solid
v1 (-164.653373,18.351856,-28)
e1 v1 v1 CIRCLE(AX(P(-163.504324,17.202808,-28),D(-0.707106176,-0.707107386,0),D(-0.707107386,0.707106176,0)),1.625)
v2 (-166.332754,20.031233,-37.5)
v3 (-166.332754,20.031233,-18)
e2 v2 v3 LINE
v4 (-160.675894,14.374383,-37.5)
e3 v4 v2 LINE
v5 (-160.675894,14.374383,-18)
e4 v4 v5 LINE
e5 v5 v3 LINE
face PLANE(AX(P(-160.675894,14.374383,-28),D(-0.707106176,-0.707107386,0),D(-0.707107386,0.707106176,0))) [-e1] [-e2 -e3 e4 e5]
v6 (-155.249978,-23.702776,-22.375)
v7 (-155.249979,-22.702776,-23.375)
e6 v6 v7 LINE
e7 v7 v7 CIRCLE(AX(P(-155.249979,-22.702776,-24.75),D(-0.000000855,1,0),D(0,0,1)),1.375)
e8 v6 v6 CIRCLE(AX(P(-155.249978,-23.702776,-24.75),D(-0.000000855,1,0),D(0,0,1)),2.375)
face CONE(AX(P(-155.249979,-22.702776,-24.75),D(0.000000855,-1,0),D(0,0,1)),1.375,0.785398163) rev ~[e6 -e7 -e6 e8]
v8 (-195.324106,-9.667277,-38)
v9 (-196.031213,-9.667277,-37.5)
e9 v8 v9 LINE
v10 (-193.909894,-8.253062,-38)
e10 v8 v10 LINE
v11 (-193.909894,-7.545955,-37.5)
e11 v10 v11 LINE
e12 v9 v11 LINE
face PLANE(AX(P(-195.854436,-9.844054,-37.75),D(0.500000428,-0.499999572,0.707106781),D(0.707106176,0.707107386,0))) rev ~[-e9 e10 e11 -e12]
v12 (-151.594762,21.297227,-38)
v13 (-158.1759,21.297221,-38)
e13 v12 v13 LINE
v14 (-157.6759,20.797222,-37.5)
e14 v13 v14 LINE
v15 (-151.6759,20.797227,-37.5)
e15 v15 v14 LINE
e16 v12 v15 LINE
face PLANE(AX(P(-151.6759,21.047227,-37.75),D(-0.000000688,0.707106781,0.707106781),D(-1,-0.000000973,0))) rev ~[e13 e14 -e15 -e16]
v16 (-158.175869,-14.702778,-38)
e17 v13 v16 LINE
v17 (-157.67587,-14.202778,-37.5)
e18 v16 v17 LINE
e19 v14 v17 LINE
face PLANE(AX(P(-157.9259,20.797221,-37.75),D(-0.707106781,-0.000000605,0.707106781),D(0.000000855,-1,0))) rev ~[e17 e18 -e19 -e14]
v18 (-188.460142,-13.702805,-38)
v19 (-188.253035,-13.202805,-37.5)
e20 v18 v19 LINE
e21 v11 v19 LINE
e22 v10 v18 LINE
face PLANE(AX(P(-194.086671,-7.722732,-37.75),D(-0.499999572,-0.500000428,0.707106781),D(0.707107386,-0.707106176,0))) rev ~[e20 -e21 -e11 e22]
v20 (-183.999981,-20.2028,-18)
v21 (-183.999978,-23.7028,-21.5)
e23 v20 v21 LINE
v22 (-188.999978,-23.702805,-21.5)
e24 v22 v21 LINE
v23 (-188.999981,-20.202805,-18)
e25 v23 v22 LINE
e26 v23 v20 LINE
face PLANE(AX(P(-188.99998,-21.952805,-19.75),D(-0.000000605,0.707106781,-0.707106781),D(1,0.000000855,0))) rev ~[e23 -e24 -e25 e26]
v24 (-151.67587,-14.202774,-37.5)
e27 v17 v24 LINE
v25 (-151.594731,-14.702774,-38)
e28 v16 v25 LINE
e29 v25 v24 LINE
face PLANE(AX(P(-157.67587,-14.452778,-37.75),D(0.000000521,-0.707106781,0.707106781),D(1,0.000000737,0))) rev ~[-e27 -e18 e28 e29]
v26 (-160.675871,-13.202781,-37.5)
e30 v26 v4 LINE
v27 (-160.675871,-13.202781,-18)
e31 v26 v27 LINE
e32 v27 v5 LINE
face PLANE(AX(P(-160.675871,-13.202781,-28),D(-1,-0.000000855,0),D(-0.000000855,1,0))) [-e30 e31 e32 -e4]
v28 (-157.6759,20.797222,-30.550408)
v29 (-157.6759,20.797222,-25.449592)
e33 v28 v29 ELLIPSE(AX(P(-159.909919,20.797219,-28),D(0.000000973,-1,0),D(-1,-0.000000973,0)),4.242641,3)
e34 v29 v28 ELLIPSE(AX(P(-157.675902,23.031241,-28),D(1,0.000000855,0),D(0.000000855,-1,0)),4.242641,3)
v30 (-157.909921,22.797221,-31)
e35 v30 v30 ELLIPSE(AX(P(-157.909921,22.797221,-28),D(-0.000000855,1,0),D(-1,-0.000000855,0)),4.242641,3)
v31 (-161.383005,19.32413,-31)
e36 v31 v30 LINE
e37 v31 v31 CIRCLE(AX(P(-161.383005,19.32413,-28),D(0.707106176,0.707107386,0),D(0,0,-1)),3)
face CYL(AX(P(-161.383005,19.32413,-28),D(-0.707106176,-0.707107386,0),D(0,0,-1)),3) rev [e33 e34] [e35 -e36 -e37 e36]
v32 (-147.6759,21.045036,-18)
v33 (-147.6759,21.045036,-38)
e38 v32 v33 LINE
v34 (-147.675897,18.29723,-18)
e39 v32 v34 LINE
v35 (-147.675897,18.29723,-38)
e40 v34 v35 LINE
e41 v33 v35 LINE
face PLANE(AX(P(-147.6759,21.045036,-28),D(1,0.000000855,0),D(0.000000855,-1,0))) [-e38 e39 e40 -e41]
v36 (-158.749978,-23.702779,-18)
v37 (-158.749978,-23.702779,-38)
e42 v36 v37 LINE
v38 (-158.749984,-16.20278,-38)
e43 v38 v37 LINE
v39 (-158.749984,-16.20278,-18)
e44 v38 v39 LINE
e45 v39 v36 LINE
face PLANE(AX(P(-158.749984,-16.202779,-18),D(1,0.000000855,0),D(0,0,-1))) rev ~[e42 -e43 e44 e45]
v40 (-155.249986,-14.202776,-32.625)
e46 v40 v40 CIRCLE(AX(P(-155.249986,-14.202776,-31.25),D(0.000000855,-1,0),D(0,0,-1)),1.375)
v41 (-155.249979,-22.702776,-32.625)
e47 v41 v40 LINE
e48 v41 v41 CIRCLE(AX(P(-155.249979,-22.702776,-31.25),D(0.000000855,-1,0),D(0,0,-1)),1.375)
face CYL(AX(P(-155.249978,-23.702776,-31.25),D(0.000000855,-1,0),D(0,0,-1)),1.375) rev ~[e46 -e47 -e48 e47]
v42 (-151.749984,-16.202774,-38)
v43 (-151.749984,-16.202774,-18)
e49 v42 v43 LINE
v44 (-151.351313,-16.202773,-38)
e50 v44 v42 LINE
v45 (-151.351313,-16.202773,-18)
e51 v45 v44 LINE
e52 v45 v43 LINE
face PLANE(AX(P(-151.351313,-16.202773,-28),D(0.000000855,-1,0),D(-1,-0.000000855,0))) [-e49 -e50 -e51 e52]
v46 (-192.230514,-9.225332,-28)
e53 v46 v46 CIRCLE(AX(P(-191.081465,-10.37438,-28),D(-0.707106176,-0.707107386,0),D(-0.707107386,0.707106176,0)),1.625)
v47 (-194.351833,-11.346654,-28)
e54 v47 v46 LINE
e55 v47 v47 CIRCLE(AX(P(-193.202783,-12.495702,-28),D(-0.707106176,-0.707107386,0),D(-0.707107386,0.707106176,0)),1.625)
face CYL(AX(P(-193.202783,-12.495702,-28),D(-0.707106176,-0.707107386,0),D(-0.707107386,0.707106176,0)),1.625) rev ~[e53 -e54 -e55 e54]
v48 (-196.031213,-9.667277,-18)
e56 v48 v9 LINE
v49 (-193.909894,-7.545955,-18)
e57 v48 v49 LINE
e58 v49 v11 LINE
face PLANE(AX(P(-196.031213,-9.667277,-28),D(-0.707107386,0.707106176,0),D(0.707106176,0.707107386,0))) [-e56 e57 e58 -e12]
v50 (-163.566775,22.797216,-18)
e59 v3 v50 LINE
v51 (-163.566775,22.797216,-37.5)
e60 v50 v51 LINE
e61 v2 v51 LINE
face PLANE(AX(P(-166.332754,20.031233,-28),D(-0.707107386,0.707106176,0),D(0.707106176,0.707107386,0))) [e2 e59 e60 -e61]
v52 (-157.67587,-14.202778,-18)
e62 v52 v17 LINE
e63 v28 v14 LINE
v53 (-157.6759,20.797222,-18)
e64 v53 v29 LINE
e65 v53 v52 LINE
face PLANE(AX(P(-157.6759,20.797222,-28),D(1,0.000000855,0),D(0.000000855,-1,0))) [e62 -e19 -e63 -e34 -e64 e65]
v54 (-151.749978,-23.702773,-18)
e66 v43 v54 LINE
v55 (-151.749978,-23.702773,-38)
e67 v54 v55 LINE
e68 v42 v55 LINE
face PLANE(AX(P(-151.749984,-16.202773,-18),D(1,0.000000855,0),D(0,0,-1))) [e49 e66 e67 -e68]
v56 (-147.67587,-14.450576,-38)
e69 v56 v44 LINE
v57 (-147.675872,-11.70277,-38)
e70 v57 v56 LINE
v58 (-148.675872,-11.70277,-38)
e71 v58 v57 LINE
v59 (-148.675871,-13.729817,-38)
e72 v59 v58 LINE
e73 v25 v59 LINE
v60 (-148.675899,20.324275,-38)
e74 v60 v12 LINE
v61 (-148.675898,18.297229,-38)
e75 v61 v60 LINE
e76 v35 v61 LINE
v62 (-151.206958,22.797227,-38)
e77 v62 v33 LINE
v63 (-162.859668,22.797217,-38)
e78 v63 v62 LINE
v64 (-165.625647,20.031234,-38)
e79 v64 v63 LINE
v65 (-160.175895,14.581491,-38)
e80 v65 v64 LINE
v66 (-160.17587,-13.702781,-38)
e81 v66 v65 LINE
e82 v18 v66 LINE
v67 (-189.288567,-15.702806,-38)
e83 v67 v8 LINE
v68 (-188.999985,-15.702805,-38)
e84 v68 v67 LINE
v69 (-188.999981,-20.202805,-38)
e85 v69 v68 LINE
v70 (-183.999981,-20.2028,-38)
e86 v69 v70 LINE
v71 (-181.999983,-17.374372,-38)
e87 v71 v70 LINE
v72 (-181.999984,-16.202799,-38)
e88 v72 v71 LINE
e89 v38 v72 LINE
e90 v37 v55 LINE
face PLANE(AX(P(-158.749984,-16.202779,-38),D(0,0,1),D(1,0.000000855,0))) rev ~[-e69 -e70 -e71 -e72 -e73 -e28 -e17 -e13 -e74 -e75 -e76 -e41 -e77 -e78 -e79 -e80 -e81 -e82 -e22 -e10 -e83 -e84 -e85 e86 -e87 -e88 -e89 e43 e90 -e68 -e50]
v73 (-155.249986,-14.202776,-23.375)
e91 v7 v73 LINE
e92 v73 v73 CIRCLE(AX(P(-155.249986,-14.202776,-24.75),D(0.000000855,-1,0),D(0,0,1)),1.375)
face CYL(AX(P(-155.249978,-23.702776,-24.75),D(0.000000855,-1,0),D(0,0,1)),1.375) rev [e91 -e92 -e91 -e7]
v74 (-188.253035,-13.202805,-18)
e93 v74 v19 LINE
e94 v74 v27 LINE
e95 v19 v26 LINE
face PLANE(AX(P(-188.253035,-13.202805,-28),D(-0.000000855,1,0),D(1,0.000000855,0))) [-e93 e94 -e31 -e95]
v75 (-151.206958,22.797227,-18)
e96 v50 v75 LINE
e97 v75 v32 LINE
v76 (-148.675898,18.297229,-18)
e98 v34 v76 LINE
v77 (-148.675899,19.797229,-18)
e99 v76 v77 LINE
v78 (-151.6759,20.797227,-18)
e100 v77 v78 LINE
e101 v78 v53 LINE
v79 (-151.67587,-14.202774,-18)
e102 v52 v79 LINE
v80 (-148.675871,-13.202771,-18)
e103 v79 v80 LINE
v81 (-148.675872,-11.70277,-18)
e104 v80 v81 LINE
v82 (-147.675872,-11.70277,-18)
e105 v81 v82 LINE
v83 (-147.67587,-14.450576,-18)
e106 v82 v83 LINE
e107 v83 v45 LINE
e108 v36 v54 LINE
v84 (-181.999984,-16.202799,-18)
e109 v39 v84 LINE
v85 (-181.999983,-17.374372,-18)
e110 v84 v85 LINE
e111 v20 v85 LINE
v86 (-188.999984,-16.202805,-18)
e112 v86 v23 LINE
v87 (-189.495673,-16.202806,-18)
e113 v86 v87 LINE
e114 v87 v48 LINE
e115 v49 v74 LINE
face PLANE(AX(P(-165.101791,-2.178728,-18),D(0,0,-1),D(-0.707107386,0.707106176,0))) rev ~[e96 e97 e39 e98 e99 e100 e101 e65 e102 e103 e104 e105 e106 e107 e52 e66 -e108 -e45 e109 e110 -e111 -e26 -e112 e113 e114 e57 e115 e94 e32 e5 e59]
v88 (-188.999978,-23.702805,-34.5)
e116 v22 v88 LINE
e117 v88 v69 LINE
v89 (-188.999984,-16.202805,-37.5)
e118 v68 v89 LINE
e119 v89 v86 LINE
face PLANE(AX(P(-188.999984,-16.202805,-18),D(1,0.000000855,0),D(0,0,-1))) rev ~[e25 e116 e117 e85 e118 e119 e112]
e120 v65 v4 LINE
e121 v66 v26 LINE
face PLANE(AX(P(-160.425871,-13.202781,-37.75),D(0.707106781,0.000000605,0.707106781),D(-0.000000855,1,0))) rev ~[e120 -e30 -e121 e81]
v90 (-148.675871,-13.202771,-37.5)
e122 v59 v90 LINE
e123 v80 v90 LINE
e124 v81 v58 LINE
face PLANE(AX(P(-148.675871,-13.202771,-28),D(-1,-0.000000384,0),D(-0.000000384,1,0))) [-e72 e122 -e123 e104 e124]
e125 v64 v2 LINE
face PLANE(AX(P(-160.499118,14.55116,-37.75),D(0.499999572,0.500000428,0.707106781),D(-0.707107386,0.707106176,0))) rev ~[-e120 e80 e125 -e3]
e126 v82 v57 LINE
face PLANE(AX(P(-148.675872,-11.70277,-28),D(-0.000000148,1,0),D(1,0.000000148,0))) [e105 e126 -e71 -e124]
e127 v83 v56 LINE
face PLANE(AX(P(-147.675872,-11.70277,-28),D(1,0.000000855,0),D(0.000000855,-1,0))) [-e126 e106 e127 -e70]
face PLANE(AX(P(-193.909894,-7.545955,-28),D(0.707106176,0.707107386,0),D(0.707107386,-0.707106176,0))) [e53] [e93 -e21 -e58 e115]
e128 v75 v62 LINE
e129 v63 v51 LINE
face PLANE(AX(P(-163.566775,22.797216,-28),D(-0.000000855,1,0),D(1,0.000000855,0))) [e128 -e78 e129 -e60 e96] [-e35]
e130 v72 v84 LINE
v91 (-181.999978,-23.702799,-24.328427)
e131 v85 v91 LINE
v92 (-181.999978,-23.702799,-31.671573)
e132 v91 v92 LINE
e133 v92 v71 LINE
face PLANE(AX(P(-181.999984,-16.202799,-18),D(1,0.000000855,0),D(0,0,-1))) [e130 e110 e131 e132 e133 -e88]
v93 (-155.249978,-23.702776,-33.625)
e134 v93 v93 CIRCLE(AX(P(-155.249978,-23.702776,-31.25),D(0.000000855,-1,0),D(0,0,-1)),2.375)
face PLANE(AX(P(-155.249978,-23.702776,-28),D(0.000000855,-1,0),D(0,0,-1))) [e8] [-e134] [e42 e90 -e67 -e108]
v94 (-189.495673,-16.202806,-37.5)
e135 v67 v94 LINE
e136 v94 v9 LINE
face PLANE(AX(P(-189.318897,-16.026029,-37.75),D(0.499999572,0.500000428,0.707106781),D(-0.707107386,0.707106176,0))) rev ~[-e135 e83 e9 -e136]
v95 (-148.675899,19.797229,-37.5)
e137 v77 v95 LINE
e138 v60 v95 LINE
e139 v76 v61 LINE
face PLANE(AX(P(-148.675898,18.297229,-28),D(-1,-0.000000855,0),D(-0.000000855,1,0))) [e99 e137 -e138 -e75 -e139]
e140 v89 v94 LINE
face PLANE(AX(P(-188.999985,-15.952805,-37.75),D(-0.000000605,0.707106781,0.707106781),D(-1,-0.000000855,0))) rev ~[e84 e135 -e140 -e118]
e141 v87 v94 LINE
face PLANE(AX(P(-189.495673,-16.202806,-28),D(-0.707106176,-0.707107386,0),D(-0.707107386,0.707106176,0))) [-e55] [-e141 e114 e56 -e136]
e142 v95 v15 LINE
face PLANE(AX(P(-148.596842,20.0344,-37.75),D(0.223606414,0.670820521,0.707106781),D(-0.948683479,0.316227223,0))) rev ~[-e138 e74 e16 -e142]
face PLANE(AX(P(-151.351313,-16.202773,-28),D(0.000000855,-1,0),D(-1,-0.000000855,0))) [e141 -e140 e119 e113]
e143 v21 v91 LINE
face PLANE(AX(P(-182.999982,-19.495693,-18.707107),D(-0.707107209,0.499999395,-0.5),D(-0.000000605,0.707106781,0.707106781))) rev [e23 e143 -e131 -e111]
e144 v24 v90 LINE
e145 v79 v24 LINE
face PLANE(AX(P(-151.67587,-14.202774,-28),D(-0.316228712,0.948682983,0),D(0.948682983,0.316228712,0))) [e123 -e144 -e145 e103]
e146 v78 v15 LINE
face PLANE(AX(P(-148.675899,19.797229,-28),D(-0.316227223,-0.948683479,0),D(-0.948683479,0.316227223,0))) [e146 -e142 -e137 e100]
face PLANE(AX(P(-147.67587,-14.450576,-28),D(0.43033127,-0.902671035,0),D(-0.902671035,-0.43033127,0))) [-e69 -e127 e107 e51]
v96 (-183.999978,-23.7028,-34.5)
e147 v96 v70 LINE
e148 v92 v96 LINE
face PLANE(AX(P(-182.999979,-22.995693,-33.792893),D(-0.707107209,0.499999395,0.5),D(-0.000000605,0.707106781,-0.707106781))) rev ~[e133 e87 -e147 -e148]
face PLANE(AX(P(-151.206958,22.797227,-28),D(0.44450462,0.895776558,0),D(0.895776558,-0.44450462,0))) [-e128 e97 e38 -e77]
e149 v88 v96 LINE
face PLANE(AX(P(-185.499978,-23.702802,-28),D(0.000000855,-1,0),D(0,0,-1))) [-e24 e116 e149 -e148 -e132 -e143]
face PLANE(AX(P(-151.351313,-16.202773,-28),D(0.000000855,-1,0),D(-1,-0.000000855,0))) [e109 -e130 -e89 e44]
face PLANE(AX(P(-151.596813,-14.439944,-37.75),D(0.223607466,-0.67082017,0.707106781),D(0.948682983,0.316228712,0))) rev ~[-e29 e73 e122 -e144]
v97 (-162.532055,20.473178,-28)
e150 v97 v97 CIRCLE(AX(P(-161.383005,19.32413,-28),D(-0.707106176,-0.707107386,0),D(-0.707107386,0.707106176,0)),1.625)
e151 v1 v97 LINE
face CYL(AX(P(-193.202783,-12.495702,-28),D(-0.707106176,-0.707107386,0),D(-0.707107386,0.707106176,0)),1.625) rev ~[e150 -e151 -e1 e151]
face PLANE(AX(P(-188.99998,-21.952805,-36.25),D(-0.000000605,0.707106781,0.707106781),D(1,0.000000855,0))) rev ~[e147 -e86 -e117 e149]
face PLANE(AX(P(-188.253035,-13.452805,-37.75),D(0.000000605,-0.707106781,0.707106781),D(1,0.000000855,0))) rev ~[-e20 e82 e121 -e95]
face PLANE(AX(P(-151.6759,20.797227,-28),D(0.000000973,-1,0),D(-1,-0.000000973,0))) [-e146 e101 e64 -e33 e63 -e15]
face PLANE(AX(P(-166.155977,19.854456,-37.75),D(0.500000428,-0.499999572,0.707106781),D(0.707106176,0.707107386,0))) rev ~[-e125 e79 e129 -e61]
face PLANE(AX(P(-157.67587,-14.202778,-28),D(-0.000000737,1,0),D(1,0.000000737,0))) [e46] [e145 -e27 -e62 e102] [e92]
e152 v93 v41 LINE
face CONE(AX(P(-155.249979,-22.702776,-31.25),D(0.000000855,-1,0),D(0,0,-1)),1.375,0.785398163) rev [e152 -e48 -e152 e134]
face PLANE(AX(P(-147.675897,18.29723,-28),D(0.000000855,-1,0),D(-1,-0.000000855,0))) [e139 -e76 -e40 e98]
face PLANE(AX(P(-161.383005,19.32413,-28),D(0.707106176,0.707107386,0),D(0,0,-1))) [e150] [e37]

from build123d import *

# Parameters (mm, degrees)
CYLINDER003_R            = 3
CYLINDER003_DEPTH        = 10
PAD008_DEPTH             = 10
SKETCH032_R              = 1.625
POCKET023_DEPTH          = 55.910244
SKETCH033_W              = 20
SKETCH033_H              = 7
PAD009_DEPTH             = 7.5
SKETCH034_R              = 1.375
POCKET024_DEPTH          = 12
CHAMFER020_1_SIZE        = 3.5
CHAMFER020_2_SIZE        = 1
CHAMFER021_SIZE          = 0.5
CHAMFER022_SIZE          = 2
CLONE006_PITCH_ANGLE     = 90
CLONE006_PLACEMENT_ANGLE = 45.000049


with BuildPart() as boardbracketscrewheadcylinder:
    # Cylinder003 → Cylinder003 (new body)
    with BuildSketch(Plane(origin=(0, 0.5, 24), x_dir=(1, 0, 0), z_dir=(0, 0, 1))):
        Circle(CYLINDER003_R)
    extrude(amount=CYLINDER003_DEPTH)


with BuildPart() as clone006:
    # Sketch031 → Pad008 (new body, symmetric)
    with BuildSketch(Plane.YZ):
        Polygon((4.5, 21), (4.5, 24.911688), (-4.23971, 33.651398), (-7.975533, 34.909244), (-9.918525, 32.966252), (-9.211418, 32.259145), (-8.150758, 33.319805), (-5.32233, 31.905592), (-1.07969, 27.662951), (-25.828427, 2.914214), (-30.071068, 7.156854), (-31.485281, 9.985281), (-30.424621, 11.045942), (-31.131728, 11.753048), (-33.07472, 9.810056), (-31.714777, 5.972136), (-4.742641, -21), (4.5, -21), (4.5, -18), (-3.5, -18), (-23, 1.5), (-3.5, 21), align=None)
    extrude(amount=PAD008_DEPTH, both=True)

    # Sketch032 → Pocket023 (cut, through all)
    with BuildSketch(Plane.YX.offset(21)):
        with Locations((0.5, 0)):
            Circle(SKETCH032_R)
    extrude(amount=-POCKET023_DEPTH, mode=Mode.SUBTRACT)

    # Cut001: cut BoardBracketScrewHeadCylinder
    add(boardbracketscrewheadcylinder.part, mode=Mode.SUBTRACT)

    # Sketch033 → Pad009 (new body)
    with BuildSketch(Plane(origin=(0, -12.87132, -12.87132), x_dir=(1, 0, 0), z_dir=(0, -0.707107, -0.707107))):
        with Locations((0, 22.75)):
            Rectangle(SKETCH033_W, SKETCH033_H)
        with Locations((0, -7.5)):
            Rectangle(SKETCH033_W, SKETCH033_H)
    extrude(amount=PAD009_DEPTH)

    # Sketch034 → Pocket024 (cut)
    with BuildSketch(Plane(origin=(0, -18.174621, -18.174621), x_dir=(1, 0, 0), z_dir=(0, -0.707107, -0.707107))):
        with Locations((3.25, 22.75)):
            Circle(SKETCH034_R)
    pocket024 = extrude(amount=-POCKET024_DEPTH, mode=Mode.SUBTRACT)

    # Mirrored002: Pocket024 across Sketch034 V_Axis
    add(pocket024.mirror(Plane(origin=(0, -18.174621, -18.174621), x_dir=(0, -0.707107, -0.707107), z_dir=(1, 0, 0))), mode=Mode.SUBTRACT)

    # Chamfer020 1
    chamfer020_1_edges = [clone006.edges().sort_by_distance(p)[0] for p in [
        (-10, -12.87132, -23.477922),
        (10, -12.87132, -23.477922),
    ]]
    chamfer(chamfer020_1_edges, length=CHAMFER020_1_SIZE)

    # Chamfer020 2
    chamfer020_2_edges = [clone006.edges().sort_by_distance(p)[0] for p in [
        (-1.875, -34.2613, -2.087942),
        (1.875, -34.2613, -2.087942),
    ]]
    chamfer(chamfer020_2_edges, length=CHAMFER020_2_SIZE)

    # Chamfer021
    chamfer021_edges = [clone006.edges().sort_by_distance(p)[0] for p in [
        (10, -4.917893, -20.824747),
        (10, -0.12132, -21),
        (10, 4.5, -19.5),
        (10, 0.5, -18),
        (10, -13.25, -8.25),
        (10, -13.25, 11.25),
        (10, 0.5, 21),
        (10, 4.5, 22.955844),
        (10, -30.778175, 8.571068),
        (10, -27.949747, 5.035534),
        (10, -13.454058, 15.288582),
        (10, -3.20101, 29.784271),
        (10, -6.736544, 32.612698),
    ]]
    chamfer(chamfer021_edges, length=CHAMFER021_SIZE)

    # Chamfer022
    chamfer022_edges = [clone006.edges().sort_by_distance(p)[0] for p in [
        (8.25, -14.108757, -19.765611),
        (-8.25, -14.108757, -19.765611),
    ]]
    chamfer(chamfer022_edges, length=CHAMFER022_SIZE)


with BuildPart() as clone006_1:
    # Clone006 pitch: moved
    add(clone006.part.rotate(Axis((0, 0, 0), (0, 1, 0)), CLONE006_PITCH_ANGLE))


with BuildPart() as clone006_2:
    # Clone006 placement: moved
    add(clone006_1.part.moved(Location((-178, 2, -28))).rotate(Axis((-178, 2, -28), (0, 0, 1)), CLONE006_PLACEMENT_ANGLE))


solid = clone006_2.part
